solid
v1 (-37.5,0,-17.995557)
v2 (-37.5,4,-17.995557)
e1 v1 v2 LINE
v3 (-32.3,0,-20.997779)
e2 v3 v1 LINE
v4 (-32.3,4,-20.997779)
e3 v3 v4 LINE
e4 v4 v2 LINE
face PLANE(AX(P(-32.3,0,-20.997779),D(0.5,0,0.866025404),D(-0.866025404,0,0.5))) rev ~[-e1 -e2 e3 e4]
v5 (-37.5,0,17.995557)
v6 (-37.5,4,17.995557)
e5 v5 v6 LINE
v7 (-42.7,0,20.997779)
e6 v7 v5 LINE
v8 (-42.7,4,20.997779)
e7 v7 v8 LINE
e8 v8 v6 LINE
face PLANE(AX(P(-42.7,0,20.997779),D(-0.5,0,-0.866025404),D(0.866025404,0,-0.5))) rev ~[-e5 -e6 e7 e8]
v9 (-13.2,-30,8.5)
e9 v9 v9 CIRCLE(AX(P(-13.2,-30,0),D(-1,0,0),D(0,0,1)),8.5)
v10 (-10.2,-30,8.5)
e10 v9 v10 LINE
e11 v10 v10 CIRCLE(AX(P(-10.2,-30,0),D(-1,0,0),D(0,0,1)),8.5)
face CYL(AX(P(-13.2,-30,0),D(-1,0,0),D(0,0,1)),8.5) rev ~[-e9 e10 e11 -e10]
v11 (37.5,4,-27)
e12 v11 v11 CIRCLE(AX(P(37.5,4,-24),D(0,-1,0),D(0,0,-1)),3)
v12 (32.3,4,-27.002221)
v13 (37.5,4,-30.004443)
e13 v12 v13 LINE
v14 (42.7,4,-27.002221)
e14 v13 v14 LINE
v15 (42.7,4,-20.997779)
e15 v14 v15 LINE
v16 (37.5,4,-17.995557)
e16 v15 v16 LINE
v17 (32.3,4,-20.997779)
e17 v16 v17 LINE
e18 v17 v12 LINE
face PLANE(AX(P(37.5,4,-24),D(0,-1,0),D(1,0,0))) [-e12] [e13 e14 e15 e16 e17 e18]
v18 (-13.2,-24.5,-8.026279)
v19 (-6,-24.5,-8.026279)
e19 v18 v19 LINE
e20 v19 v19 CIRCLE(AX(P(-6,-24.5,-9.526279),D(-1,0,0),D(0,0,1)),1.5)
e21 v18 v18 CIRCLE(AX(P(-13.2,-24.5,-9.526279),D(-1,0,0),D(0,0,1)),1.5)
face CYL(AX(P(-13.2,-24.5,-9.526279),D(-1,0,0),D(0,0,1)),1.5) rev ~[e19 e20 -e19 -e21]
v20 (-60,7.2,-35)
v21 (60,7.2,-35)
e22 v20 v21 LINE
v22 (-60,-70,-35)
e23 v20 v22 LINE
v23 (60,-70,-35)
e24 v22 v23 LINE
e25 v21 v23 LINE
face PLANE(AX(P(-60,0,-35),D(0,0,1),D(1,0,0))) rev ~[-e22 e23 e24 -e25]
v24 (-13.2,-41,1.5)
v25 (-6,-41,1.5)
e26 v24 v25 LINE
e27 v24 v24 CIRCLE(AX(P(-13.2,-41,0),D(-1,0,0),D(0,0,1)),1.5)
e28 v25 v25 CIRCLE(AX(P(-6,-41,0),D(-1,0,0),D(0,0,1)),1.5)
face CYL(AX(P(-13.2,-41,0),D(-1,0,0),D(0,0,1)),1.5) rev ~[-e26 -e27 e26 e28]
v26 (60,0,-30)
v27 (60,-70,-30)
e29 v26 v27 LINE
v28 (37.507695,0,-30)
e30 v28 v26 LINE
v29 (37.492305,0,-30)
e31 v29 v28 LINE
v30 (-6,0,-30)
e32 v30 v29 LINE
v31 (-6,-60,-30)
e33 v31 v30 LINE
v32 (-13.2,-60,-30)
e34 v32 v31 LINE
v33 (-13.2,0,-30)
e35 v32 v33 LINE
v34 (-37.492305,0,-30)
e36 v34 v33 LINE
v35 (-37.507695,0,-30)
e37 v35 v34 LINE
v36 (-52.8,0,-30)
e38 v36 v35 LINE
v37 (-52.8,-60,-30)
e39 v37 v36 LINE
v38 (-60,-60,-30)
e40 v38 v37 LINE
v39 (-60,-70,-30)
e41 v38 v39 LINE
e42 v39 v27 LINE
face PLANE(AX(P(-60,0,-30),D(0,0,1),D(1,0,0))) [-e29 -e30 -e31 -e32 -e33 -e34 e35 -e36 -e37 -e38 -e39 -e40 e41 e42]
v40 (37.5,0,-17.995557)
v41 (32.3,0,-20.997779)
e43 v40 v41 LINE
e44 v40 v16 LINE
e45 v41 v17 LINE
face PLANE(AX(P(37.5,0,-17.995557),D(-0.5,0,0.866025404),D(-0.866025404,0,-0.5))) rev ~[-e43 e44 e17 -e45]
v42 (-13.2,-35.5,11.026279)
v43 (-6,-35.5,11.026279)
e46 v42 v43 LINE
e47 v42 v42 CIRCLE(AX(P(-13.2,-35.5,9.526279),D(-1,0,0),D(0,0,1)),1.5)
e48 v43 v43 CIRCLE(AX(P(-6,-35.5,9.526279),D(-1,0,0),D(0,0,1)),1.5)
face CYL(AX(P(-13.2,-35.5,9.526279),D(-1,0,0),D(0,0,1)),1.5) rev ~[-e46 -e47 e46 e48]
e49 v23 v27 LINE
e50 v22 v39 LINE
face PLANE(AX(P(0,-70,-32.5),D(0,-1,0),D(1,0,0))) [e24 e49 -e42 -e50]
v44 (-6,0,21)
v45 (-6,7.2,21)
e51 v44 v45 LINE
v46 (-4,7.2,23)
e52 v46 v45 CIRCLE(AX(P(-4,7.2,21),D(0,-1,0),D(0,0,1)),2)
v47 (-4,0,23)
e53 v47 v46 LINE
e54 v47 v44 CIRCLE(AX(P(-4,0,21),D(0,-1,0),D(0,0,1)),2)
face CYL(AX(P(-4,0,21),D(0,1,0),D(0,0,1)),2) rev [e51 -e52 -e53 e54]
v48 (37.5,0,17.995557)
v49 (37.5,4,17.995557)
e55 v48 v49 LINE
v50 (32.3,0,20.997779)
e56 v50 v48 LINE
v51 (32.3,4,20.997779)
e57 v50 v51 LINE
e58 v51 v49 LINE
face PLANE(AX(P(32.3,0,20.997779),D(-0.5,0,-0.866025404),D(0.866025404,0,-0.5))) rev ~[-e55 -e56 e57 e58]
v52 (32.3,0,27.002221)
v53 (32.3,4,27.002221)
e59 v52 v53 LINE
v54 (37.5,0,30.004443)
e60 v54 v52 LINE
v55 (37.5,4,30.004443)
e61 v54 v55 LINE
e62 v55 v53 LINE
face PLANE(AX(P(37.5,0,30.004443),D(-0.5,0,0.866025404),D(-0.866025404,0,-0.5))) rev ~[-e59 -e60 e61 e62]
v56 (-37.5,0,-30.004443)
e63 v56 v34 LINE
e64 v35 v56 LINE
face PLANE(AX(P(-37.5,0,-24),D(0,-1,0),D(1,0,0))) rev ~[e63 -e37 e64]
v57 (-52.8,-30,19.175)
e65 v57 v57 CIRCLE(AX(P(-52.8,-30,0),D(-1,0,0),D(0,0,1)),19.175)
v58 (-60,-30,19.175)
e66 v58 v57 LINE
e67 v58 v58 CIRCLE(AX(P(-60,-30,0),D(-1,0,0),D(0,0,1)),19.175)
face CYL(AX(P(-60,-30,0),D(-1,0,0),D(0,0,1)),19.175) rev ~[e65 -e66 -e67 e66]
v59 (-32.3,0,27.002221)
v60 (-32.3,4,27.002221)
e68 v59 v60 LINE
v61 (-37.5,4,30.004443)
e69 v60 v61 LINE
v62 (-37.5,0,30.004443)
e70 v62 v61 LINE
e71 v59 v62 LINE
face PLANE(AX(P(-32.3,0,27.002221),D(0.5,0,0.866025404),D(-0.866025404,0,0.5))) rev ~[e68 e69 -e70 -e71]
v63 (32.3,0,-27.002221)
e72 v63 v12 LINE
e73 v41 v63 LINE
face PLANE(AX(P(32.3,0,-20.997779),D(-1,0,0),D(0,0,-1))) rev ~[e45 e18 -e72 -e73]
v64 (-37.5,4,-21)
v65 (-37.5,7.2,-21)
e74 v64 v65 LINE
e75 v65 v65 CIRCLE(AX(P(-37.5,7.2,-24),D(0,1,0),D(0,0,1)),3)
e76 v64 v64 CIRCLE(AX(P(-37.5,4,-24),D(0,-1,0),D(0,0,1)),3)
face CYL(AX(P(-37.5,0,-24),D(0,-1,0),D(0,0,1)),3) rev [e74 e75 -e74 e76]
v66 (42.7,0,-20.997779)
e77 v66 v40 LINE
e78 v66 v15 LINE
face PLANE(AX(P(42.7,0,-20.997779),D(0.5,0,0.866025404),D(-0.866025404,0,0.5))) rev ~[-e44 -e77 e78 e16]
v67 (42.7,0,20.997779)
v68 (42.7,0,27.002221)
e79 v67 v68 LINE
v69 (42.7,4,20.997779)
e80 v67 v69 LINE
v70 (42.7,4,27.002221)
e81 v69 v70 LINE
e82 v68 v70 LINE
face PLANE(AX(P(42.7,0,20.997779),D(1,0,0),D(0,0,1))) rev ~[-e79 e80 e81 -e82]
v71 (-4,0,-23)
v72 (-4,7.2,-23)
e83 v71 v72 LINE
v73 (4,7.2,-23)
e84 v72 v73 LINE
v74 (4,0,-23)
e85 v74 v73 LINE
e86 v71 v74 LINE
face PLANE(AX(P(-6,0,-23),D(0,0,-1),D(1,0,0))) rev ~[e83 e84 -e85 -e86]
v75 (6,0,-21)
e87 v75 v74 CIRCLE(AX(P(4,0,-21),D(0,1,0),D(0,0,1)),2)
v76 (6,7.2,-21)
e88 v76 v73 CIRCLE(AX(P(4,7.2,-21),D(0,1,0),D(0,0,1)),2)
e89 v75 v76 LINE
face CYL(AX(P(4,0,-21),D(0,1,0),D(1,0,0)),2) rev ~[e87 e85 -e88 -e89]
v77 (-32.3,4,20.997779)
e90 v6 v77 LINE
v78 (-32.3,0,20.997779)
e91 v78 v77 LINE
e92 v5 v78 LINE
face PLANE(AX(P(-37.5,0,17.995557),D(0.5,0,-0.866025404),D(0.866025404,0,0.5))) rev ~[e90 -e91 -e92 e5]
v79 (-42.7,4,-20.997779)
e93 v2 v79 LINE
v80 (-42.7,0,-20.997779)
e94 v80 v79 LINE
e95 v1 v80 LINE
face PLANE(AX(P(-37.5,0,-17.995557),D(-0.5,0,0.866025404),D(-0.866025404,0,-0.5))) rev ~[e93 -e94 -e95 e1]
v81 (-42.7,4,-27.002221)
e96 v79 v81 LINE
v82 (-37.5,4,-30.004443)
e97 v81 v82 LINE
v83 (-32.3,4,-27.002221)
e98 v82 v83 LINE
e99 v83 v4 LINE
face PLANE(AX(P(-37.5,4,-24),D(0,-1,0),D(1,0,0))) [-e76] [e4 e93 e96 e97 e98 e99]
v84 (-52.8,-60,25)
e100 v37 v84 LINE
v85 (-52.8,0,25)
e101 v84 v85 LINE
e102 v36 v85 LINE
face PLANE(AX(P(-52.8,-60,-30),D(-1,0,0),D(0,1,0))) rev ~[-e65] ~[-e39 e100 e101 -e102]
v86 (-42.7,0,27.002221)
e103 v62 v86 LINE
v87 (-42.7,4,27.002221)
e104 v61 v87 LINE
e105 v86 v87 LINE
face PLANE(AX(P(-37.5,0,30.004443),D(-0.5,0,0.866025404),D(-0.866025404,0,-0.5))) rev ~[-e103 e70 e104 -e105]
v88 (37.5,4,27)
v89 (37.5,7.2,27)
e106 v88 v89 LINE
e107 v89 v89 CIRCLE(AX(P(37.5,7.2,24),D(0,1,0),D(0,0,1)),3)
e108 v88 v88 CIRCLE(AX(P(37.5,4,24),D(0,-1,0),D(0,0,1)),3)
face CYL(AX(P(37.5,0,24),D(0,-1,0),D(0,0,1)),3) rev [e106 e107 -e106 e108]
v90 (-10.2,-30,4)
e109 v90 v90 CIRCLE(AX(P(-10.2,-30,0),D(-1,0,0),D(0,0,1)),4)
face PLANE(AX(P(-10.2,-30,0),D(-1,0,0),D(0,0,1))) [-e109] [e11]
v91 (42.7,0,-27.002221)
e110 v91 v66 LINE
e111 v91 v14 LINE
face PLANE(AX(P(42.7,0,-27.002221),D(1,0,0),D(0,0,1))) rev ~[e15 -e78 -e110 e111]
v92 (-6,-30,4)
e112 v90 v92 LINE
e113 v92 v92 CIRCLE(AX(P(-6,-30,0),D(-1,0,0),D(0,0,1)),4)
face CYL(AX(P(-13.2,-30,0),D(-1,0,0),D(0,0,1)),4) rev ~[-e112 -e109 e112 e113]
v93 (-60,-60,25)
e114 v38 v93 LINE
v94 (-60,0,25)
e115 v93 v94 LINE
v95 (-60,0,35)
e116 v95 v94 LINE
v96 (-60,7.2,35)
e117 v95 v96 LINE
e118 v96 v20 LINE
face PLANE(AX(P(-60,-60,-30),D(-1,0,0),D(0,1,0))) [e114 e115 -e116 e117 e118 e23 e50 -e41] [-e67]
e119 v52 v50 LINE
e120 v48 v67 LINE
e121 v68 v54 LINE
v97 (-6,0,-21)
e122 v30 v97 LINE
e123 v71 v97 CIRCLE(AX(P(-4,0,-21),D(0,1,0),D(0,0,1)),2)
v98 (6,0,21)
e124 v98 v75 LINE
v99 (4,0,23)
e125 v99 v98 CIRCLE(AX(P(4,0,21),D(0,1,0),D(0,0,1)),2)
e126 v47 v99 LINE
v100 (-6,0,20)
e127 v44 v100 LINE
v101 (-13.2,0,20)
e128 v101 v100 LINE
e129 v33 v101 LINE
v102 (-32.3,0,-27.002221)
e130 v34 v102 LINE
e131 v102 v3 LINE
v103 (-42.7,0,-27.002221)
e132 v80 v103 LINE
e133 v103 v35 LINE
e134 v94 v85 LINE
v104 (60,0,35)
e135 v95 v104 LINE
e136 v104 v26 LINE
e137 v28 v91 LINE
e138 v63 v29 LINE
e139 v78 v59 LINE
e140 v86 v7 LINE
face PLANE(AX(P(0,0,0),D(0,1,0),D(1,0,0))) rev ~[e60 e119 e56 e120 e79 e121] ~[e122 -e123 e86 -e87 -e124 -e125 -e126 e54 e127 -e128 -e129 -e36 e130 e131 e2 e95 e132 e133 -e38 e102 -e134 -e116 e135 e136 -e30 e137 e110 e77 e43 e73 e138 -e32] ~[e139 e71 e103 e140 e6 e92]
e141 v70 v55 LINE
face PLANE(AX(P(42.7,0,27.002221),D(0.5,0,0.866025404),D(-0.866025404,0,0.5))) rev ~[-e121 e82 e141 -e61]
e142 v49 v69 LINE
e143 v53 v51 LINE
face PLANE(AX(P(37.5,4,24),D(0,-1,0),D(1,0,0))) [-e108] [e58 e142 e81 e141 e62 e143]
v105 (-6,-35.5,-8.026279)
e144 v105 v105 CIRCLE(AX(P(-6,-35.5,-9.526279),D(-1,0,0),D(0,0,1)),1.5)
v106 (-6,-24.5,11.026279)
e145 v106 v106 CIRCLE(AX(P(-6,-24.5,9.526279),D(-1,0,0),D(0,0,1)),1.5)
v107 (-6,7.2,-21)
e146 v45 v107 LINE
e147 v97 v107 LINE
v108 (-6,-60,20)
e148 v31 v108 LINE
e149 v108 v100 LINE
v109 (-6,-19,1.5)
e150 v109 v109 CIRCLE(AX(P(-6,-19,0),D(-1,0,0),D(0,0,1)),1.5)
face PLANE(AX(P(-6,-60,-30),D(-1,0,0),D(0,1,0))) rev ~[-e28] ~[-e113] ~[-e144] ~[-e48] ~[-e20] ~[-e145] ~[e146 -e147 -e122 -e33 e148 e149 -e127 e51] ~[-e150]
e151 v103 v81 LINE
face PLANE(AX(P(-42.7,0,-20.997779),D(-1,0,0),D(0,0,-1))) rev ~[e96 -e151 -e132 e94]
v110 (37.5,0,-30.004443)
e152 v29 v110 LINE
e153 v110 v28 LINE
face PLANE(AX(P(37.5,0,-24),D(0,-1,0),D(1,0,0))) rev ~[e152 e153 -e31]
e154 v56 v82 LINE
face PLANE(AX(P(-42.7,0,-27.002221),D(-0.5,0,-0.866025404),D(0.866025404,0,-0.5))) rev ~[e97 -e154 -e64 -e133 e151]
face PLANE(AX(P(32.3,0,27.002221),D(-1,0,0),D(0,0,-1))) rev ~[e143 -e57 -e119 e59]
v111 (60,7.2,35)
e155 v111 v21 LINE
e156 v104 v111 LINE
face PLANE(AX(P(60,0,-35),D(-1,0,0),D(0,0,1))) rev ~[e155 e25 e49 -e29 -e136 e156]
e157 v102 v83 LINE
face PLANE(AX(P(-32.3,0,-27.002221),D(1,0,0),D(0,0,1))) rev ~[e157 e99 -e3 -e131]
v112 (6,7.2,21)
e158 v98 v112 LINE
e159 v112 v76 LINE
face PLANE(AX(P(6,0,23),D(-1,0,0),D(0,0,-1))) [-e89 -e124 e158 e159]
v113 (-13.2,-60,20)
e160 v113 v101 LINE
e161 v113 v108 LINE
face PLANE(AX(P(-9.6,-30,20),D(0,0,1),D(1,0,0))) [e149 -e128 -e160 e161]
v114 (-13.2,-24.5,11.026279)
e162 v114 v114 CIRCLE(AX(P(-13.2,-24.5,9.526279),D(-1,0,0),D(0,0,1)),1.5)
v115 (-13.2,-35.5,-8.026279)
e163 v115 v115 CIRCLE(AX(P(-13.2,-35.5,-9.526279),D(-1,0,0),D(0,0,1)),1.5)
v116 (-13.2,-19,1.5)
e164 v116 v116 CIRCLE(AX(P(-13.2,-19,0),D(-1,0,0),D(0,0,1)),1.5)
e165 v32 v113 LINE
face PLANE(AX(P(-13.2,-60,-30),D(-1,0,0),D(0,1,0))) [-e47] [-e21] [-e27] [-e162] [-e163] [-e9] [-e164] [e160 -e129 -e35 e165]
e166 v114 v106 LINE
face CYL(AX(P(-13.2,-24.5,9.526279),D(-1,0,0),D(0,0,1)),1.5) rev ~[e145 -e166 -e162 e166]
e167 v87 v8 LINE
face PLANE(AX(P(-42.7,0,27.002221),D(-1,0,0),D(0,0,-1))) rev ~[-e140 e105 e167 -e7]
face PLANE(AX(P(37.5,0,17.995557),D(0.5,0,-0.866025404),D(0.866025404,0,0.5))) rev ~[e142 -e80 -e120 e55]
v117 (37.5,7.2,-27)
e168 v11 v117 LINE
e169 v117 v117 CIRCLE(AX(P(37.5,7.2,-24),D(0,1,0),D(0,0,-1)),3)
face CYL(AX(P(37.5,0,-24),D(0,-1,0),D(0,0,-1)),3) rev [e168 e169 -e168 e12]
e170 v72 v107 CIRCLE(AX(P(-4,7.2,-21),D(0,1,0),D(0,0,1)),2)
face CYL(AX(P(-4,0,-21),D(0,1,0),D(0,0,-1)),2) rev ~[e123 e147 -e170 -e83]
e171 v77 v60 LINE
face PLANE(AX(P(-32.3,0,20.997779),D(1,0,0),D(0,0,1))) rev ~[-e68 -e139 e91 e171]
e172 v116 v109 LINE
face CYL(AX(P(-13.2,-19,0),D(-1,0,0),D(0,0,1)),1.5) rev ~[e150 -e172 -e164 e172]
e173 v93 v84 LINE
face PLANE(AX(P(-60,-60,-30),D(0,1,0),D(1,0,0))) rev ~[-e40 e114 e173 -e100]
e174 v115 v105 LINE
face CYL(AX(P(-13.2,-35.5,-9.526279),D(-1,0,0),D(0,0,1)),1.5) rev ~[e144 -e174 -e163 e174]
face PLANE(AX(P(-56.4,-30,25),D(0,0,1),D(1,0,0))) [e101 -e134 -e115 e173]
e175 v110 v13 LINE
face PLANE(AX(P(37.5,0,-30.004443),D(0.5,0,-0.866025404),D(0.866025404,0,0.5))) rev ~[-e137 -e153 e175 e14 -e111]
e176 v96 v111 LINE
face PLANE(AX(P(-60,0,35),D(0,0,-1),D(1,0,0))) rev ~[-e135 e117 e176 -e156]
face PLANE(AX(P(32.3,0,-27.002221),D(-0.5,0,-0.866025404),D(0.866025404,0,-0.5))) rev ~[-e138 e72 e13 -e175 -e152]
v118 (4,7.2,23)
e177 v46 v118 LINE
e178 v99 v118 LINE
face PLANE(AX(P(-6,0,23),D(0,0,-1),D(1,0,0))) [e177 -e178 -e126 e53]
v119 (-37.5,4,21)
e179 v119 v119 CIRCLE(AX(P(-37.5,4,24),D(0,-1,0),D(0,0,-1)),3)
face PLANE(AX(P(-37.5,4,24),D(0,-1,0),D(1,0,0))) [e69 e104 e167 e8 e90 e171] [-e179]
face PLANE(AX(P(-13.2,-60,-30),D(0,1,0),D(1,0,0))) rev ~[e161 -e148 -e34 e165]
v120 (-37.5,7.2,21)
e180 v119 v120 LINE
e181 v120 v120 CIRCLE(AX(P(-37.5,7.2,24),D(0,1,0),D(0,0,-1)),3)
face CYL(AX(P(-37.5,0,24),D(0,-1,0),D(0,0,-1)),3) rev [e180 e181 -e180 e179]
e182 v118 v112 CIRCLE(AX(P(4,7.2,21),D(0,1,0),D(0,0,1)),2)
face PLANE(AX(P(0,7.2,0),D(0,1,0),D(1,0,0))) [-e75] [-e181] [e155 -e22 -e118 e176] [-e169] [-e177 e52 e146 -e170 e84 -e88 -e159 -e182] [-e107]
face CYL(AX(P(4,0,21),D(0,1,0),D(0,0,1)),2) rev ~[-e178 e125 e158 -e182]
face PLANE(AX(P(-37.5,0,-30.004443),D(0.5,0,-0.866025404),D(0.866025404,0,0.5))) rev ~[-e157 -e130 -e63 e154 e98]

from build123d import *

# Parameters (mm, degrees)
SKETCH1_W           = 120
SKETCH1_H           = 70
SKETCH1_R           = 3
SKETCH1_W_2         = 12
SKETCH1_H_2         = 46
BOSS_EXTRUDE1_DEPTH = 7.2
FILLET1_R           = 2
SKETCH2_W           = 120
SKETCH2_H           = 5
BOSS_EXTRUDE2_DEPTH = 70
SKETCH3_W           = 7.2
SKETCH3_H           = 60
BOSS_EXTRUDE3_DEPTH = 50
SKETCH4_R           = 4
SKETCH4_R_2         = 1.5
CUT_EXTRUDE1_DEPTH  = 10
SKETCH5_R           = 8.5
CUT_EXTRUDE2_DEPTH  = 3
SKETCH6_W           = 7.2
SKETCH6_H           = 60
BOSS_EXTRUDE4_DEPTH = 55
CUT_EXTRUDE4_DEPTH  = 4
CUT_EXTRUDE5_START  = -60
SKETCH10_R          = 4
CUT_EXTRUDE5_DEPTH  = 60
SKETCH11_R          = 19.175
CUT_EXTRUDE6_DEPTH  = 7.2


with BuildPart() as part:
    # Sketch1 → Boss-Extrude1 (new body)
    with BuildSketch(Plane(origin=(0, 0, 0), x_dir=(1, 0, 0), z_dir=(0, 1, 0))):
        Rectangle(SKETCH1_W, SKETCH1_H)
        with Locations(Location((-37.5, 24, 0), (0, 0, 270))):
            Circle(SKETCH1_R, mode=Mode.SUBTRACT)
        with Locations(Location((-37.5, -24, 0), (0, 0, 90))):
            Circle(SKETCH1_R, mode=Mode.SUBTRACT)
        with Locations(Location((37.5, 24, 0), (0, 0, 90))):
            Circle(SKETCH1_R, mode=Mode.SUBTRACT)
        with Locations(Location((37.5, -24, 0), (0, 0, 270))):
            Circle(SKETCH1_R, mode=Mode.SUBTRACT)
        Rectangle(SKETCH1_W_2, SKETCH1_H_2, mode=Mode.SUBTRACT)
    extrude(amount=BOSS_EXTRUDE1_DEPTH)

    # Fillet1
    fillet1_edges = [part.edges().sort_by_distance(p)[0] for p in [
        (-6, 3.6, -23),
        (-6, 3.6, 23),
        (6, 3.6, 23),
        (6, 3.6, -23),
    ]]
    fillet(fillet1_edges, radius=FILLET1_R)

    # Sketch2 → Boss-Extrude2 (add)
    with BuildSketch(Plane.XZ):
        with Locations((0, -32.5)):
            Rectangle(SKETCH2_W, SKETCH2_H)
    extrude(amount=BOSS_EXTRUDE2_DEPTH)

    # Sketch3 → Boss-Extrude3 (add)
    with BuildSketch(Plane.XY.offset(-30)):
        with Locations((-9.6, -30)):
            Rectangle(SKETCH3_W, SKETCH3_H)
    extrude(amount=BOSS_EXTRUDE3_DEPTH)

    # Sketch4 → Cut-Extrude1 (cut)
    with BuildSketch(Plane.ZY.offset(13.2)):
        with Locations((0, -30)):
            Circle(SKETCH4_R)
        with Locations((0, -19)):
            Circle(SKETCH4_R_2)
        with Locations((-9.526279442, -24.5)):
            Circle(SKETCH4_R_2)
        with Locations((-9.526279442, -35.5)):
            Circle(SKETCH4_R_2)
        with Locations((0, -41)):
            Circle(SKETCH4_R_2)
        with Locations((9.526279442, -35.5)):
            Circle(SKETCH4_R_2)
        with Locations((9.526279442, -24.5)):
            Circle(SKETCH4_R_2)
    extrude(amount=-CUT_EXTRUDE1_DEPTH, mode=Mode.SUBTRACT)

    # Sketch5 → Cut-Extrude2 (cut)
    with BuildSketch(Plane.ZY.offset(13.2)):
        with Locations((0, -30)):
            Circle(SKETCH5_R)
    extrude(amount=-CUT_EXTRUDE2_DEPTH, mode=Mode.SUBTRACT)

    # Sketch6 → Boss-Extrude4 (add)
    with BuildSketch(Plane.XY.offset(-30)):
        with Locations((-56.4, -30)):
            Rectangle(SKETCH6_W, SKETCH6_H)
    extrude(amount=BOSS_EXTRUDE4_DEPTH)

    # Sketch8 → Cut-Extrude4 (cut)
    with BuildSketch(Plane.XZ):
        Polygon((42.7, 27.0022214), (37.5, 30.0044428), (32.3, 27.0022214), (32.3, 20.9977786), (37.5, 17.9955572), (42.7, 20.9977786), align=None)
        Polygon((-32.3, 27.0022214), (-37.5, 30.0044428), (-42.7, 27.0022214), (-42.7, 20.9977786), (-37.5, 17.9955572), (-32.3, 20.9977786), align=None)
        Polygon((42.7, -20.9977786), (37.5, -17.9955572), (32.3, -20.9977786), (32.3, -27.0022214), (37.5, -30.0044428), (42.7, -27.0022214), align=None)
        Polygon((-32.3, -20.9977786), (-37.5, -17.9955572), (-42.7, -20.9977786), (-42.7, -27.0022214), (-37.5, -30.0044428), (-32.3, -27.0022214), align=None)
    extrude(amount=-CUT_EXTRUDE4_DEPTH, mode=Mode.SUBTRACT)

    # Sketch10 → Cut-Extrude5 (cut)
    with BuildSketch(Plane(origin=(-6, 0, 0), x_dir=(0, 0, -1), z_dir=(1, 0, 0)).offset(CUT_EXTRUDE5_START)):
        with Locations(Location((0, -30, 0), (0, 0, 180))):
            Circle(SKETCH10_R)
    extrude(amount=CUT_EXTRUDE5_DEPTH, mode=Mode.SUBTRACT)

    # Sketch11 → Cut-Extrude6 (cut)
    with BuildSketch(Plane.ZY.offset(60)):
        with Locations((0, -30)):
            Circle(SKETCH11_R)
    extrude(amount=-CUT_EXTRUDE6_DEPTH, mode=Mode.SUBTRACT)


solid = part.part
